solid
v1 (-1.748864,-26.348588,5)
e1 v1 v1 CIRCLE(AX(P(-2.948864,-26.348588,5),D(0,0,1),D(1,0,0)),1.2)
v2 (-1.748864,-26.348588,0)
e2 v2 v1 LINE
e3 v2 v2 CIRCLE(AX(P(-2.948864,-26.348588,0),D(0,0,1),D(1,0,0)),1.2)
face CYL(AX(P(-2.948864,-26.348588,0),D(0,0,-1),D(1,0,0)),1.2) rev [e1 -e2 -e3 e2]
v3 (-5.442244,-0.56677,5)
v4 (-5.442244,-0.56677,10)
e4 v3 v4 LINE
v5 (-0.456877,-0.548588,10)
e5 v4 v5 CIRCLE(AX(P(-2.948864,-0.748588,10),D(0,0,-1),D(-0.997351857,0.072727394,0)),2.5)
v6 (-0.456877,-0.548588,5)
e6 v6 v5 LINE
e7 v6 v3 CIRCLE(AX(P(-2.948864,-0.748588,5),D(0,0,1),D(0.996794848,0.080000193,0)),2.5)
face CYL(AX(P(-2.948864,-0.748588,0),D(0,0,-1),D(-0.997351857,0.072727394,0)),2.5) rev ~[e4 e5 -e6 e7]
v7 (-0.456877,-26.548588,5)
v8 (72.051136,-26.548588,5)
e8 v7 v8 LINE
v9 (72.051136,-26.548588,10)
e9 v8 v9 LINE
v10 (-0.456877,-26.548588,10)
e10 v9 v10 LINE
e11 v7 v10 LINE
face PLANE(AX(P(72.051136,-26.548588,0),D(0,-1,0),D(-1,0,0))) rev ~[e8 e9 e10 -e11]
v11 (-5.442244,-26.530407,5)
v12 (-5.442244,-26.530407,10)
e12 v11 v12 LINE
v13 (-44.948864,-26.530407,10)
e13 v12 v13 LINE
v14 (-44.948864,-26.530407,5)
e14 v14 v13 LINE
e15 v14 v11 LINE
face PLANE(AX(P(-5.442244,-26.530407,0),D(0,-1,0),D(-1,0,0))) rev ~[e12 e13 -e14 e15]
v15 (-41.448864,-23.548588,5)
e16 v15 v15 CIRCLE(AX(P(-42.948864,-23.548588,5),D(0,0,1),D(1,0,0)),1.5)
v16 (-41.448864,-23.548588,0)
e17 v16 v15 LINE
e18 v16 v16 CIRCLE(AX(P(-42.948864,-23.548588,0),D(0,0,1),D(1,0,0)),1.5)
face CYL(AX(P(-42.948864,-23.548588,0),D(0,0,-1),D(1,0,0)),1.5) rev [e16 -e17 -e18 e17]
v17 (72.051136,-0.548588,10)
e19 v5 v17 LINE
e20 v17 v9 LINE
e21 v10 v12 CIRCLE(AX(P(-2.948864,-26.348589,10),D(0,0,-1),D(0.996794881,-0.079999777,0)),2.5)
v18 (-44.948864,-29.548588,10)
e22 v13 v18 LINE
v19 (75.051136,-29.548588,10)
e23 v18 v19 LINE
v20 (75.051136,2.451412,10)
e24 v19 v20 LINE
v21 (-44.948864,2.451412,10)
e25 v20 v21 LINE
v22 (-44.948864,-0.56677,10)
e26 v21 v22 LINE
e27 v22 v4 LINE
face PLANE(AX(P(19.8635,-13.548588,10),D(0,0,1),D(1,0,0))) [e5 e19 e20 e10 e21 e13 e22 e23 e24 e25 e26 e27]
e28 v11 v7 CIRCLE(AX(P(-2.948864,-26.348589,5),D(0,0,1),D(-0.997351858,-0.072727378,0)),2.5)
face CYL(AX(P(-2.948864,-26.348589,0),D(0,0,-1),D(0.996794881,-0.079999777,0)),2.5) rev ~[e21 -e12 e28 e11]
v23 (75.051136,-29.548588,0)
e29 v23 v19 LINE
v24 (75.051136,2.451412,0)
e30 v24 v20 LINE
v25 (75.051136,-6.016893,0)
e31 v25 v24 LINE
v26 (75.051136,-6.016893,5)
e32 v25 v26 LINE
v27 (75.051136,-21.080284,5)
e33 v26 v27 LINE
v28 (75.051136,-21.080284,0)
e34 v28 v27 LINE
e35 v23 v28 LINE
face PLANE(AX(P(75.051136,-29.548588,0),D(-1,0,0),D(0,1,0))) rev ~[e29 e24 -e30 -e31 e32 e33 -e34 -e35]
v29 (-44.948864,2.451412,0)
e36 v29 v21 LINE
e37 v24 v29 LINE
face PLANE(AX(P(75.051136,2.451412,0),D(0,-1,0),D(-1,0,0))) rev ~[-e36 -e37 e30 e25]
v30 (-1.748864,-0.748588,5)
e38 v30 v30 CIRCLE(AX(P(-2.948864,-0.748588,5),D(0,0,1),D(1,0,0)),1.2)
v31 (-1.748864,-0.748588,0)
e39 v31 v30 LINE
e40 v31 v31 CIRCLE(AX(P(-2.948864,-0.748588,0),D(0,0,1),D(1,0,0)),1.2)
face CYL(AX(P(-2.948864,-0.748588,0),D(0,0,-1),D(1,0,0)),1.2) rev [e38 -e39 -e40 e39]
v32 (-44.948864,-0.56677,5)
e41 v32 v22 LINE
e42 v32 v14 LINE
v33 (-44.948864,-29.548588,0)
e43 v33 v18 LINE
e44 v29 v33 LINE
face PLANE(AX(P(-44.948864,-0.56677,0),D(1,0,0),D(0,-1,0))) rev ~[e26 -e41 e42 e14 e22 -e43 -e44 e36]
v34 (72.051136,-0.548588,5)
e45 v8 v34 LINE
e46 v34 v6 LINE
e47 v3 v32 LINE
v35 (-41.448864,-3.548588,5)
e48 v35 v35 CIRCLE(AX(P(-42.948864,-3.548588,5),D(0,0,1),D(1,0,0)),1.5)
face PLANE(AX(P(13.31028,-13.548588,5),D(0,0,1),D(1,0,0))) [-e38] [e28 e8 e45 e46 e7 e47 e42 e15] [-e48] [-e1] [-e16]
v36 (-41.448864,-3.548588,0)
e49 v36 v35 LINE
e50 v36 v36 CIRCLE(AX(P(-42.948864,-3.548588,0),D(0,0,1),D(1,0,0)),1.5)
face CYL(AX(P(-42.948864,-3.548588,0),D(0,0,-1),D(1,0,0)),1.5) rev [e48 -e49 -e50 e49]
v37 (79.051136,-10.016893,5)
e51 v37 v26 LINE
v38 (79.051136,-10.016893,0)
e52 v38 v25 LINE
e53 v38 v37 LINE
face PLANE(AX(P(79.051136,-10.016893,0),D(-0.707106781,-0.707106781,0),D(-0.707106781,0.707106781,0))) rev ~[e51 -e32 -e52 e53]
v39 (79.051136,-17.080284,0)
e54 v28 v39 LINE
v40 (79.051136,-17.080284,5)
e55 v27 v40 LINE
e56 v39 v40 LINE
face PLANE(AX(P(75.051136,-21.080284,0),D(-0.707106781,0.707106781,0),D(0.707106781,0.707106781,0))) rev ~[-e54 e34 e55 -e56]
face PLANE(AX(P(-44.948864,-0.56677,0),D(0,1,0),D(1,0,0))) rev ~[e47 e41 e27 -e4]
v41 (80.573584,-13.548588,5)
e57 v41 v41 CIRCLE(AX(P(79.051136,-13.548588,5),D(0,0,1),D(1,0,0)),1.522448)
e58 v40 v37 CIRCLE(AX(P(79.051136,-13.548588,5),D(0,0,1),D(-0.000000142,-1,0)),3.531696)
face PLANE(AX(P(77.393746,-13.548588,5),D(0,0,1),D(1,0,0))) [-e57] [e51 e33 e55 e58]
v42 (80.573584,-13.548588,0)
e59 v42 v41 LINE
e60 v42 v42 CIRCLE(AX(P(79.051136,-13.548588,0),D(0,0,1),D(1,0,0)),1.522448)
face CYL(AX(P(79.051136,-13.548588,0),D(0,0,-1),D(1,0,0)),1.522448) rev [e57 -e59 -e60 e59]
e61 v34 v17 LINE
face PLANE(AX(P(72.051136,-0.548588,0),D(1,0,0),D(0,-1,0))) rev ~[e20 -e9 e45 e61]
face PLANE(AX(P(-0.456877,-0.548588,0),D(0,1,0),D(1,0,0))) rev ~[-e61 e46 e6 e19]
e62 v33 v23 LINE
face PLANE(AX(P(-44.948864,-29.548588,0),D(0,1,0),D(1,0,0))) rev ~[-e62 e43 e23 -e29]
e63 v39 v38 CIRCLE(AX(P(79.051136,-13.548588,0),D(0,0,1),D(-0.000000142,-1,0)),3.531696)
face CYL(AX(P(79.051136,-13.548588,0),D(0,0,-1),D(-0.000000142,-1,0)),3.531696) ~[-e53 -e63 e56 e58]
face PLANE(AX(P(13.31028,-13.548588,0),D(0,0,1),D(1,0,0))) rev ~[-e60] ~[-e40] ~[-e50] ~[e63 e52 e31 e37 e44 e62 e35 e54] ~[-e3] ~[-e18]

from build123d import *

# Parameters (mm, degrees)
F1_DEPTH = 10
F0_R     = 1.5
F0_R_2   = 1.2
F0_R_3   = 1.522448
F2_DEPTH = 5


with BuildPart() as f1:
    # F0 (on Top) → F1 (new body)
    with BuildSketch(Plane.XY):
        with BuildLine():
            Line((75.051136, 2.451412), (-44.948864, 2.451412))
            Line((-44.948864, 2.451412), (-44.948864, -0.56677))
            Line((-44.948864, -0.56677), (-5.442244, -0.56677))
            ThreePointArc((-5.442244, -0.56677), (-2.957982, 1.751395), (-0.456877, -0.548588))
            Line((-0.456877, -0.548588), (72.051136, -0.548588))
            Line((72.051136, -0.548588), (72.051136, -13.548588))
            Line((72.051136, -13.548588), (72.051136, -26.548588))
            Line((72.051136, -26.548588), (-0.456877, -26.548588))
            ThreePointArc((-0.456877, -26.548588), (-2.957982, -28.848572), (-5.442244, -26.530407))
            Line((-5.442244, -26.530407), (-44.948864, -26.530407))
            Line((-44.948864, -26.530407), (-44.948864, -29.548588))
            Line((-44.948864, -29.548588), (75.051136, -29.548588))
            Line((75.051136, -29.548588), (75.051136, -21.080284))
            Line((75.051136, -21.080284), (75.051136, -6.016893))
            Line((75.051136, -6.016893), (75.051136, 2.451412))
        make_face()
    extrude(amount=F1_DEPTH)

    # F0 (on Top) → F2 (join)
    with BuildSketch(Plane.XY):
        with BuildLine():
            Line((-5.442244, -0.56677), (-44.948864, -0.56677))
            Line((-44.948864, -0.56677), (-44.948864, -26.530407))
            Line((-44.948864, -26.530407), (-5.442244, -26.530407))
            ThreePointArc((-5.442244, -26.530407), (-2.957982, -28.848572), (-0.456877, -26.548588))
            Line((-0.456877, -26.548588), (72.051136, -26.548588))
            Line((72.051136, -26.548588), (72.051136, -13.548588))
            Line((72.051136, -13.548588), (72.051136, -0.548588))
            Line((72.051136, -0.548588), (-0.456877, -0.548588))
            ThreePointArc((-0.456877, -0.548588), (-2.957982, 1.751395), (-5.442244, -0.56677))
        make_face()
        with Locations((-42.948864, -23.548588)):
            Circle(F0_R, mode=Mode.SUBTRACT)
        with Locations((-2.948864, -26.348588)):
            Circle(F0_R_2, mode=Mode.SUBTRACT)
        with Locations((-42.948864, -3.548588)):
            Circle(F0_R, mode=Mode.SUBTRACT)
        with Locations((-2.948864, -0.748588)):
            Circle(F0_R_2, mode=Mode.SUBTRACT)
        with BuildLine():
            Line((79.051136, -10.016893), (75.051136, -6.016893))
            Line((75.051136, -6.016893), (75.051136, -21.080284))
            Line((75.051136, -21.080284), (79.051136, -17.080284))
            ThreePointArc((79.051136, -17.080284), (82.582832, -13.548588), (79.051136, -10.016893))
        make_face()
        with Locations((79.051136, -13.548588)):
            Circle(F0_R_3, mode=Mode.SUBTRACT)
    extrude(amount=F2_DEPTH)


solid = f1.part
